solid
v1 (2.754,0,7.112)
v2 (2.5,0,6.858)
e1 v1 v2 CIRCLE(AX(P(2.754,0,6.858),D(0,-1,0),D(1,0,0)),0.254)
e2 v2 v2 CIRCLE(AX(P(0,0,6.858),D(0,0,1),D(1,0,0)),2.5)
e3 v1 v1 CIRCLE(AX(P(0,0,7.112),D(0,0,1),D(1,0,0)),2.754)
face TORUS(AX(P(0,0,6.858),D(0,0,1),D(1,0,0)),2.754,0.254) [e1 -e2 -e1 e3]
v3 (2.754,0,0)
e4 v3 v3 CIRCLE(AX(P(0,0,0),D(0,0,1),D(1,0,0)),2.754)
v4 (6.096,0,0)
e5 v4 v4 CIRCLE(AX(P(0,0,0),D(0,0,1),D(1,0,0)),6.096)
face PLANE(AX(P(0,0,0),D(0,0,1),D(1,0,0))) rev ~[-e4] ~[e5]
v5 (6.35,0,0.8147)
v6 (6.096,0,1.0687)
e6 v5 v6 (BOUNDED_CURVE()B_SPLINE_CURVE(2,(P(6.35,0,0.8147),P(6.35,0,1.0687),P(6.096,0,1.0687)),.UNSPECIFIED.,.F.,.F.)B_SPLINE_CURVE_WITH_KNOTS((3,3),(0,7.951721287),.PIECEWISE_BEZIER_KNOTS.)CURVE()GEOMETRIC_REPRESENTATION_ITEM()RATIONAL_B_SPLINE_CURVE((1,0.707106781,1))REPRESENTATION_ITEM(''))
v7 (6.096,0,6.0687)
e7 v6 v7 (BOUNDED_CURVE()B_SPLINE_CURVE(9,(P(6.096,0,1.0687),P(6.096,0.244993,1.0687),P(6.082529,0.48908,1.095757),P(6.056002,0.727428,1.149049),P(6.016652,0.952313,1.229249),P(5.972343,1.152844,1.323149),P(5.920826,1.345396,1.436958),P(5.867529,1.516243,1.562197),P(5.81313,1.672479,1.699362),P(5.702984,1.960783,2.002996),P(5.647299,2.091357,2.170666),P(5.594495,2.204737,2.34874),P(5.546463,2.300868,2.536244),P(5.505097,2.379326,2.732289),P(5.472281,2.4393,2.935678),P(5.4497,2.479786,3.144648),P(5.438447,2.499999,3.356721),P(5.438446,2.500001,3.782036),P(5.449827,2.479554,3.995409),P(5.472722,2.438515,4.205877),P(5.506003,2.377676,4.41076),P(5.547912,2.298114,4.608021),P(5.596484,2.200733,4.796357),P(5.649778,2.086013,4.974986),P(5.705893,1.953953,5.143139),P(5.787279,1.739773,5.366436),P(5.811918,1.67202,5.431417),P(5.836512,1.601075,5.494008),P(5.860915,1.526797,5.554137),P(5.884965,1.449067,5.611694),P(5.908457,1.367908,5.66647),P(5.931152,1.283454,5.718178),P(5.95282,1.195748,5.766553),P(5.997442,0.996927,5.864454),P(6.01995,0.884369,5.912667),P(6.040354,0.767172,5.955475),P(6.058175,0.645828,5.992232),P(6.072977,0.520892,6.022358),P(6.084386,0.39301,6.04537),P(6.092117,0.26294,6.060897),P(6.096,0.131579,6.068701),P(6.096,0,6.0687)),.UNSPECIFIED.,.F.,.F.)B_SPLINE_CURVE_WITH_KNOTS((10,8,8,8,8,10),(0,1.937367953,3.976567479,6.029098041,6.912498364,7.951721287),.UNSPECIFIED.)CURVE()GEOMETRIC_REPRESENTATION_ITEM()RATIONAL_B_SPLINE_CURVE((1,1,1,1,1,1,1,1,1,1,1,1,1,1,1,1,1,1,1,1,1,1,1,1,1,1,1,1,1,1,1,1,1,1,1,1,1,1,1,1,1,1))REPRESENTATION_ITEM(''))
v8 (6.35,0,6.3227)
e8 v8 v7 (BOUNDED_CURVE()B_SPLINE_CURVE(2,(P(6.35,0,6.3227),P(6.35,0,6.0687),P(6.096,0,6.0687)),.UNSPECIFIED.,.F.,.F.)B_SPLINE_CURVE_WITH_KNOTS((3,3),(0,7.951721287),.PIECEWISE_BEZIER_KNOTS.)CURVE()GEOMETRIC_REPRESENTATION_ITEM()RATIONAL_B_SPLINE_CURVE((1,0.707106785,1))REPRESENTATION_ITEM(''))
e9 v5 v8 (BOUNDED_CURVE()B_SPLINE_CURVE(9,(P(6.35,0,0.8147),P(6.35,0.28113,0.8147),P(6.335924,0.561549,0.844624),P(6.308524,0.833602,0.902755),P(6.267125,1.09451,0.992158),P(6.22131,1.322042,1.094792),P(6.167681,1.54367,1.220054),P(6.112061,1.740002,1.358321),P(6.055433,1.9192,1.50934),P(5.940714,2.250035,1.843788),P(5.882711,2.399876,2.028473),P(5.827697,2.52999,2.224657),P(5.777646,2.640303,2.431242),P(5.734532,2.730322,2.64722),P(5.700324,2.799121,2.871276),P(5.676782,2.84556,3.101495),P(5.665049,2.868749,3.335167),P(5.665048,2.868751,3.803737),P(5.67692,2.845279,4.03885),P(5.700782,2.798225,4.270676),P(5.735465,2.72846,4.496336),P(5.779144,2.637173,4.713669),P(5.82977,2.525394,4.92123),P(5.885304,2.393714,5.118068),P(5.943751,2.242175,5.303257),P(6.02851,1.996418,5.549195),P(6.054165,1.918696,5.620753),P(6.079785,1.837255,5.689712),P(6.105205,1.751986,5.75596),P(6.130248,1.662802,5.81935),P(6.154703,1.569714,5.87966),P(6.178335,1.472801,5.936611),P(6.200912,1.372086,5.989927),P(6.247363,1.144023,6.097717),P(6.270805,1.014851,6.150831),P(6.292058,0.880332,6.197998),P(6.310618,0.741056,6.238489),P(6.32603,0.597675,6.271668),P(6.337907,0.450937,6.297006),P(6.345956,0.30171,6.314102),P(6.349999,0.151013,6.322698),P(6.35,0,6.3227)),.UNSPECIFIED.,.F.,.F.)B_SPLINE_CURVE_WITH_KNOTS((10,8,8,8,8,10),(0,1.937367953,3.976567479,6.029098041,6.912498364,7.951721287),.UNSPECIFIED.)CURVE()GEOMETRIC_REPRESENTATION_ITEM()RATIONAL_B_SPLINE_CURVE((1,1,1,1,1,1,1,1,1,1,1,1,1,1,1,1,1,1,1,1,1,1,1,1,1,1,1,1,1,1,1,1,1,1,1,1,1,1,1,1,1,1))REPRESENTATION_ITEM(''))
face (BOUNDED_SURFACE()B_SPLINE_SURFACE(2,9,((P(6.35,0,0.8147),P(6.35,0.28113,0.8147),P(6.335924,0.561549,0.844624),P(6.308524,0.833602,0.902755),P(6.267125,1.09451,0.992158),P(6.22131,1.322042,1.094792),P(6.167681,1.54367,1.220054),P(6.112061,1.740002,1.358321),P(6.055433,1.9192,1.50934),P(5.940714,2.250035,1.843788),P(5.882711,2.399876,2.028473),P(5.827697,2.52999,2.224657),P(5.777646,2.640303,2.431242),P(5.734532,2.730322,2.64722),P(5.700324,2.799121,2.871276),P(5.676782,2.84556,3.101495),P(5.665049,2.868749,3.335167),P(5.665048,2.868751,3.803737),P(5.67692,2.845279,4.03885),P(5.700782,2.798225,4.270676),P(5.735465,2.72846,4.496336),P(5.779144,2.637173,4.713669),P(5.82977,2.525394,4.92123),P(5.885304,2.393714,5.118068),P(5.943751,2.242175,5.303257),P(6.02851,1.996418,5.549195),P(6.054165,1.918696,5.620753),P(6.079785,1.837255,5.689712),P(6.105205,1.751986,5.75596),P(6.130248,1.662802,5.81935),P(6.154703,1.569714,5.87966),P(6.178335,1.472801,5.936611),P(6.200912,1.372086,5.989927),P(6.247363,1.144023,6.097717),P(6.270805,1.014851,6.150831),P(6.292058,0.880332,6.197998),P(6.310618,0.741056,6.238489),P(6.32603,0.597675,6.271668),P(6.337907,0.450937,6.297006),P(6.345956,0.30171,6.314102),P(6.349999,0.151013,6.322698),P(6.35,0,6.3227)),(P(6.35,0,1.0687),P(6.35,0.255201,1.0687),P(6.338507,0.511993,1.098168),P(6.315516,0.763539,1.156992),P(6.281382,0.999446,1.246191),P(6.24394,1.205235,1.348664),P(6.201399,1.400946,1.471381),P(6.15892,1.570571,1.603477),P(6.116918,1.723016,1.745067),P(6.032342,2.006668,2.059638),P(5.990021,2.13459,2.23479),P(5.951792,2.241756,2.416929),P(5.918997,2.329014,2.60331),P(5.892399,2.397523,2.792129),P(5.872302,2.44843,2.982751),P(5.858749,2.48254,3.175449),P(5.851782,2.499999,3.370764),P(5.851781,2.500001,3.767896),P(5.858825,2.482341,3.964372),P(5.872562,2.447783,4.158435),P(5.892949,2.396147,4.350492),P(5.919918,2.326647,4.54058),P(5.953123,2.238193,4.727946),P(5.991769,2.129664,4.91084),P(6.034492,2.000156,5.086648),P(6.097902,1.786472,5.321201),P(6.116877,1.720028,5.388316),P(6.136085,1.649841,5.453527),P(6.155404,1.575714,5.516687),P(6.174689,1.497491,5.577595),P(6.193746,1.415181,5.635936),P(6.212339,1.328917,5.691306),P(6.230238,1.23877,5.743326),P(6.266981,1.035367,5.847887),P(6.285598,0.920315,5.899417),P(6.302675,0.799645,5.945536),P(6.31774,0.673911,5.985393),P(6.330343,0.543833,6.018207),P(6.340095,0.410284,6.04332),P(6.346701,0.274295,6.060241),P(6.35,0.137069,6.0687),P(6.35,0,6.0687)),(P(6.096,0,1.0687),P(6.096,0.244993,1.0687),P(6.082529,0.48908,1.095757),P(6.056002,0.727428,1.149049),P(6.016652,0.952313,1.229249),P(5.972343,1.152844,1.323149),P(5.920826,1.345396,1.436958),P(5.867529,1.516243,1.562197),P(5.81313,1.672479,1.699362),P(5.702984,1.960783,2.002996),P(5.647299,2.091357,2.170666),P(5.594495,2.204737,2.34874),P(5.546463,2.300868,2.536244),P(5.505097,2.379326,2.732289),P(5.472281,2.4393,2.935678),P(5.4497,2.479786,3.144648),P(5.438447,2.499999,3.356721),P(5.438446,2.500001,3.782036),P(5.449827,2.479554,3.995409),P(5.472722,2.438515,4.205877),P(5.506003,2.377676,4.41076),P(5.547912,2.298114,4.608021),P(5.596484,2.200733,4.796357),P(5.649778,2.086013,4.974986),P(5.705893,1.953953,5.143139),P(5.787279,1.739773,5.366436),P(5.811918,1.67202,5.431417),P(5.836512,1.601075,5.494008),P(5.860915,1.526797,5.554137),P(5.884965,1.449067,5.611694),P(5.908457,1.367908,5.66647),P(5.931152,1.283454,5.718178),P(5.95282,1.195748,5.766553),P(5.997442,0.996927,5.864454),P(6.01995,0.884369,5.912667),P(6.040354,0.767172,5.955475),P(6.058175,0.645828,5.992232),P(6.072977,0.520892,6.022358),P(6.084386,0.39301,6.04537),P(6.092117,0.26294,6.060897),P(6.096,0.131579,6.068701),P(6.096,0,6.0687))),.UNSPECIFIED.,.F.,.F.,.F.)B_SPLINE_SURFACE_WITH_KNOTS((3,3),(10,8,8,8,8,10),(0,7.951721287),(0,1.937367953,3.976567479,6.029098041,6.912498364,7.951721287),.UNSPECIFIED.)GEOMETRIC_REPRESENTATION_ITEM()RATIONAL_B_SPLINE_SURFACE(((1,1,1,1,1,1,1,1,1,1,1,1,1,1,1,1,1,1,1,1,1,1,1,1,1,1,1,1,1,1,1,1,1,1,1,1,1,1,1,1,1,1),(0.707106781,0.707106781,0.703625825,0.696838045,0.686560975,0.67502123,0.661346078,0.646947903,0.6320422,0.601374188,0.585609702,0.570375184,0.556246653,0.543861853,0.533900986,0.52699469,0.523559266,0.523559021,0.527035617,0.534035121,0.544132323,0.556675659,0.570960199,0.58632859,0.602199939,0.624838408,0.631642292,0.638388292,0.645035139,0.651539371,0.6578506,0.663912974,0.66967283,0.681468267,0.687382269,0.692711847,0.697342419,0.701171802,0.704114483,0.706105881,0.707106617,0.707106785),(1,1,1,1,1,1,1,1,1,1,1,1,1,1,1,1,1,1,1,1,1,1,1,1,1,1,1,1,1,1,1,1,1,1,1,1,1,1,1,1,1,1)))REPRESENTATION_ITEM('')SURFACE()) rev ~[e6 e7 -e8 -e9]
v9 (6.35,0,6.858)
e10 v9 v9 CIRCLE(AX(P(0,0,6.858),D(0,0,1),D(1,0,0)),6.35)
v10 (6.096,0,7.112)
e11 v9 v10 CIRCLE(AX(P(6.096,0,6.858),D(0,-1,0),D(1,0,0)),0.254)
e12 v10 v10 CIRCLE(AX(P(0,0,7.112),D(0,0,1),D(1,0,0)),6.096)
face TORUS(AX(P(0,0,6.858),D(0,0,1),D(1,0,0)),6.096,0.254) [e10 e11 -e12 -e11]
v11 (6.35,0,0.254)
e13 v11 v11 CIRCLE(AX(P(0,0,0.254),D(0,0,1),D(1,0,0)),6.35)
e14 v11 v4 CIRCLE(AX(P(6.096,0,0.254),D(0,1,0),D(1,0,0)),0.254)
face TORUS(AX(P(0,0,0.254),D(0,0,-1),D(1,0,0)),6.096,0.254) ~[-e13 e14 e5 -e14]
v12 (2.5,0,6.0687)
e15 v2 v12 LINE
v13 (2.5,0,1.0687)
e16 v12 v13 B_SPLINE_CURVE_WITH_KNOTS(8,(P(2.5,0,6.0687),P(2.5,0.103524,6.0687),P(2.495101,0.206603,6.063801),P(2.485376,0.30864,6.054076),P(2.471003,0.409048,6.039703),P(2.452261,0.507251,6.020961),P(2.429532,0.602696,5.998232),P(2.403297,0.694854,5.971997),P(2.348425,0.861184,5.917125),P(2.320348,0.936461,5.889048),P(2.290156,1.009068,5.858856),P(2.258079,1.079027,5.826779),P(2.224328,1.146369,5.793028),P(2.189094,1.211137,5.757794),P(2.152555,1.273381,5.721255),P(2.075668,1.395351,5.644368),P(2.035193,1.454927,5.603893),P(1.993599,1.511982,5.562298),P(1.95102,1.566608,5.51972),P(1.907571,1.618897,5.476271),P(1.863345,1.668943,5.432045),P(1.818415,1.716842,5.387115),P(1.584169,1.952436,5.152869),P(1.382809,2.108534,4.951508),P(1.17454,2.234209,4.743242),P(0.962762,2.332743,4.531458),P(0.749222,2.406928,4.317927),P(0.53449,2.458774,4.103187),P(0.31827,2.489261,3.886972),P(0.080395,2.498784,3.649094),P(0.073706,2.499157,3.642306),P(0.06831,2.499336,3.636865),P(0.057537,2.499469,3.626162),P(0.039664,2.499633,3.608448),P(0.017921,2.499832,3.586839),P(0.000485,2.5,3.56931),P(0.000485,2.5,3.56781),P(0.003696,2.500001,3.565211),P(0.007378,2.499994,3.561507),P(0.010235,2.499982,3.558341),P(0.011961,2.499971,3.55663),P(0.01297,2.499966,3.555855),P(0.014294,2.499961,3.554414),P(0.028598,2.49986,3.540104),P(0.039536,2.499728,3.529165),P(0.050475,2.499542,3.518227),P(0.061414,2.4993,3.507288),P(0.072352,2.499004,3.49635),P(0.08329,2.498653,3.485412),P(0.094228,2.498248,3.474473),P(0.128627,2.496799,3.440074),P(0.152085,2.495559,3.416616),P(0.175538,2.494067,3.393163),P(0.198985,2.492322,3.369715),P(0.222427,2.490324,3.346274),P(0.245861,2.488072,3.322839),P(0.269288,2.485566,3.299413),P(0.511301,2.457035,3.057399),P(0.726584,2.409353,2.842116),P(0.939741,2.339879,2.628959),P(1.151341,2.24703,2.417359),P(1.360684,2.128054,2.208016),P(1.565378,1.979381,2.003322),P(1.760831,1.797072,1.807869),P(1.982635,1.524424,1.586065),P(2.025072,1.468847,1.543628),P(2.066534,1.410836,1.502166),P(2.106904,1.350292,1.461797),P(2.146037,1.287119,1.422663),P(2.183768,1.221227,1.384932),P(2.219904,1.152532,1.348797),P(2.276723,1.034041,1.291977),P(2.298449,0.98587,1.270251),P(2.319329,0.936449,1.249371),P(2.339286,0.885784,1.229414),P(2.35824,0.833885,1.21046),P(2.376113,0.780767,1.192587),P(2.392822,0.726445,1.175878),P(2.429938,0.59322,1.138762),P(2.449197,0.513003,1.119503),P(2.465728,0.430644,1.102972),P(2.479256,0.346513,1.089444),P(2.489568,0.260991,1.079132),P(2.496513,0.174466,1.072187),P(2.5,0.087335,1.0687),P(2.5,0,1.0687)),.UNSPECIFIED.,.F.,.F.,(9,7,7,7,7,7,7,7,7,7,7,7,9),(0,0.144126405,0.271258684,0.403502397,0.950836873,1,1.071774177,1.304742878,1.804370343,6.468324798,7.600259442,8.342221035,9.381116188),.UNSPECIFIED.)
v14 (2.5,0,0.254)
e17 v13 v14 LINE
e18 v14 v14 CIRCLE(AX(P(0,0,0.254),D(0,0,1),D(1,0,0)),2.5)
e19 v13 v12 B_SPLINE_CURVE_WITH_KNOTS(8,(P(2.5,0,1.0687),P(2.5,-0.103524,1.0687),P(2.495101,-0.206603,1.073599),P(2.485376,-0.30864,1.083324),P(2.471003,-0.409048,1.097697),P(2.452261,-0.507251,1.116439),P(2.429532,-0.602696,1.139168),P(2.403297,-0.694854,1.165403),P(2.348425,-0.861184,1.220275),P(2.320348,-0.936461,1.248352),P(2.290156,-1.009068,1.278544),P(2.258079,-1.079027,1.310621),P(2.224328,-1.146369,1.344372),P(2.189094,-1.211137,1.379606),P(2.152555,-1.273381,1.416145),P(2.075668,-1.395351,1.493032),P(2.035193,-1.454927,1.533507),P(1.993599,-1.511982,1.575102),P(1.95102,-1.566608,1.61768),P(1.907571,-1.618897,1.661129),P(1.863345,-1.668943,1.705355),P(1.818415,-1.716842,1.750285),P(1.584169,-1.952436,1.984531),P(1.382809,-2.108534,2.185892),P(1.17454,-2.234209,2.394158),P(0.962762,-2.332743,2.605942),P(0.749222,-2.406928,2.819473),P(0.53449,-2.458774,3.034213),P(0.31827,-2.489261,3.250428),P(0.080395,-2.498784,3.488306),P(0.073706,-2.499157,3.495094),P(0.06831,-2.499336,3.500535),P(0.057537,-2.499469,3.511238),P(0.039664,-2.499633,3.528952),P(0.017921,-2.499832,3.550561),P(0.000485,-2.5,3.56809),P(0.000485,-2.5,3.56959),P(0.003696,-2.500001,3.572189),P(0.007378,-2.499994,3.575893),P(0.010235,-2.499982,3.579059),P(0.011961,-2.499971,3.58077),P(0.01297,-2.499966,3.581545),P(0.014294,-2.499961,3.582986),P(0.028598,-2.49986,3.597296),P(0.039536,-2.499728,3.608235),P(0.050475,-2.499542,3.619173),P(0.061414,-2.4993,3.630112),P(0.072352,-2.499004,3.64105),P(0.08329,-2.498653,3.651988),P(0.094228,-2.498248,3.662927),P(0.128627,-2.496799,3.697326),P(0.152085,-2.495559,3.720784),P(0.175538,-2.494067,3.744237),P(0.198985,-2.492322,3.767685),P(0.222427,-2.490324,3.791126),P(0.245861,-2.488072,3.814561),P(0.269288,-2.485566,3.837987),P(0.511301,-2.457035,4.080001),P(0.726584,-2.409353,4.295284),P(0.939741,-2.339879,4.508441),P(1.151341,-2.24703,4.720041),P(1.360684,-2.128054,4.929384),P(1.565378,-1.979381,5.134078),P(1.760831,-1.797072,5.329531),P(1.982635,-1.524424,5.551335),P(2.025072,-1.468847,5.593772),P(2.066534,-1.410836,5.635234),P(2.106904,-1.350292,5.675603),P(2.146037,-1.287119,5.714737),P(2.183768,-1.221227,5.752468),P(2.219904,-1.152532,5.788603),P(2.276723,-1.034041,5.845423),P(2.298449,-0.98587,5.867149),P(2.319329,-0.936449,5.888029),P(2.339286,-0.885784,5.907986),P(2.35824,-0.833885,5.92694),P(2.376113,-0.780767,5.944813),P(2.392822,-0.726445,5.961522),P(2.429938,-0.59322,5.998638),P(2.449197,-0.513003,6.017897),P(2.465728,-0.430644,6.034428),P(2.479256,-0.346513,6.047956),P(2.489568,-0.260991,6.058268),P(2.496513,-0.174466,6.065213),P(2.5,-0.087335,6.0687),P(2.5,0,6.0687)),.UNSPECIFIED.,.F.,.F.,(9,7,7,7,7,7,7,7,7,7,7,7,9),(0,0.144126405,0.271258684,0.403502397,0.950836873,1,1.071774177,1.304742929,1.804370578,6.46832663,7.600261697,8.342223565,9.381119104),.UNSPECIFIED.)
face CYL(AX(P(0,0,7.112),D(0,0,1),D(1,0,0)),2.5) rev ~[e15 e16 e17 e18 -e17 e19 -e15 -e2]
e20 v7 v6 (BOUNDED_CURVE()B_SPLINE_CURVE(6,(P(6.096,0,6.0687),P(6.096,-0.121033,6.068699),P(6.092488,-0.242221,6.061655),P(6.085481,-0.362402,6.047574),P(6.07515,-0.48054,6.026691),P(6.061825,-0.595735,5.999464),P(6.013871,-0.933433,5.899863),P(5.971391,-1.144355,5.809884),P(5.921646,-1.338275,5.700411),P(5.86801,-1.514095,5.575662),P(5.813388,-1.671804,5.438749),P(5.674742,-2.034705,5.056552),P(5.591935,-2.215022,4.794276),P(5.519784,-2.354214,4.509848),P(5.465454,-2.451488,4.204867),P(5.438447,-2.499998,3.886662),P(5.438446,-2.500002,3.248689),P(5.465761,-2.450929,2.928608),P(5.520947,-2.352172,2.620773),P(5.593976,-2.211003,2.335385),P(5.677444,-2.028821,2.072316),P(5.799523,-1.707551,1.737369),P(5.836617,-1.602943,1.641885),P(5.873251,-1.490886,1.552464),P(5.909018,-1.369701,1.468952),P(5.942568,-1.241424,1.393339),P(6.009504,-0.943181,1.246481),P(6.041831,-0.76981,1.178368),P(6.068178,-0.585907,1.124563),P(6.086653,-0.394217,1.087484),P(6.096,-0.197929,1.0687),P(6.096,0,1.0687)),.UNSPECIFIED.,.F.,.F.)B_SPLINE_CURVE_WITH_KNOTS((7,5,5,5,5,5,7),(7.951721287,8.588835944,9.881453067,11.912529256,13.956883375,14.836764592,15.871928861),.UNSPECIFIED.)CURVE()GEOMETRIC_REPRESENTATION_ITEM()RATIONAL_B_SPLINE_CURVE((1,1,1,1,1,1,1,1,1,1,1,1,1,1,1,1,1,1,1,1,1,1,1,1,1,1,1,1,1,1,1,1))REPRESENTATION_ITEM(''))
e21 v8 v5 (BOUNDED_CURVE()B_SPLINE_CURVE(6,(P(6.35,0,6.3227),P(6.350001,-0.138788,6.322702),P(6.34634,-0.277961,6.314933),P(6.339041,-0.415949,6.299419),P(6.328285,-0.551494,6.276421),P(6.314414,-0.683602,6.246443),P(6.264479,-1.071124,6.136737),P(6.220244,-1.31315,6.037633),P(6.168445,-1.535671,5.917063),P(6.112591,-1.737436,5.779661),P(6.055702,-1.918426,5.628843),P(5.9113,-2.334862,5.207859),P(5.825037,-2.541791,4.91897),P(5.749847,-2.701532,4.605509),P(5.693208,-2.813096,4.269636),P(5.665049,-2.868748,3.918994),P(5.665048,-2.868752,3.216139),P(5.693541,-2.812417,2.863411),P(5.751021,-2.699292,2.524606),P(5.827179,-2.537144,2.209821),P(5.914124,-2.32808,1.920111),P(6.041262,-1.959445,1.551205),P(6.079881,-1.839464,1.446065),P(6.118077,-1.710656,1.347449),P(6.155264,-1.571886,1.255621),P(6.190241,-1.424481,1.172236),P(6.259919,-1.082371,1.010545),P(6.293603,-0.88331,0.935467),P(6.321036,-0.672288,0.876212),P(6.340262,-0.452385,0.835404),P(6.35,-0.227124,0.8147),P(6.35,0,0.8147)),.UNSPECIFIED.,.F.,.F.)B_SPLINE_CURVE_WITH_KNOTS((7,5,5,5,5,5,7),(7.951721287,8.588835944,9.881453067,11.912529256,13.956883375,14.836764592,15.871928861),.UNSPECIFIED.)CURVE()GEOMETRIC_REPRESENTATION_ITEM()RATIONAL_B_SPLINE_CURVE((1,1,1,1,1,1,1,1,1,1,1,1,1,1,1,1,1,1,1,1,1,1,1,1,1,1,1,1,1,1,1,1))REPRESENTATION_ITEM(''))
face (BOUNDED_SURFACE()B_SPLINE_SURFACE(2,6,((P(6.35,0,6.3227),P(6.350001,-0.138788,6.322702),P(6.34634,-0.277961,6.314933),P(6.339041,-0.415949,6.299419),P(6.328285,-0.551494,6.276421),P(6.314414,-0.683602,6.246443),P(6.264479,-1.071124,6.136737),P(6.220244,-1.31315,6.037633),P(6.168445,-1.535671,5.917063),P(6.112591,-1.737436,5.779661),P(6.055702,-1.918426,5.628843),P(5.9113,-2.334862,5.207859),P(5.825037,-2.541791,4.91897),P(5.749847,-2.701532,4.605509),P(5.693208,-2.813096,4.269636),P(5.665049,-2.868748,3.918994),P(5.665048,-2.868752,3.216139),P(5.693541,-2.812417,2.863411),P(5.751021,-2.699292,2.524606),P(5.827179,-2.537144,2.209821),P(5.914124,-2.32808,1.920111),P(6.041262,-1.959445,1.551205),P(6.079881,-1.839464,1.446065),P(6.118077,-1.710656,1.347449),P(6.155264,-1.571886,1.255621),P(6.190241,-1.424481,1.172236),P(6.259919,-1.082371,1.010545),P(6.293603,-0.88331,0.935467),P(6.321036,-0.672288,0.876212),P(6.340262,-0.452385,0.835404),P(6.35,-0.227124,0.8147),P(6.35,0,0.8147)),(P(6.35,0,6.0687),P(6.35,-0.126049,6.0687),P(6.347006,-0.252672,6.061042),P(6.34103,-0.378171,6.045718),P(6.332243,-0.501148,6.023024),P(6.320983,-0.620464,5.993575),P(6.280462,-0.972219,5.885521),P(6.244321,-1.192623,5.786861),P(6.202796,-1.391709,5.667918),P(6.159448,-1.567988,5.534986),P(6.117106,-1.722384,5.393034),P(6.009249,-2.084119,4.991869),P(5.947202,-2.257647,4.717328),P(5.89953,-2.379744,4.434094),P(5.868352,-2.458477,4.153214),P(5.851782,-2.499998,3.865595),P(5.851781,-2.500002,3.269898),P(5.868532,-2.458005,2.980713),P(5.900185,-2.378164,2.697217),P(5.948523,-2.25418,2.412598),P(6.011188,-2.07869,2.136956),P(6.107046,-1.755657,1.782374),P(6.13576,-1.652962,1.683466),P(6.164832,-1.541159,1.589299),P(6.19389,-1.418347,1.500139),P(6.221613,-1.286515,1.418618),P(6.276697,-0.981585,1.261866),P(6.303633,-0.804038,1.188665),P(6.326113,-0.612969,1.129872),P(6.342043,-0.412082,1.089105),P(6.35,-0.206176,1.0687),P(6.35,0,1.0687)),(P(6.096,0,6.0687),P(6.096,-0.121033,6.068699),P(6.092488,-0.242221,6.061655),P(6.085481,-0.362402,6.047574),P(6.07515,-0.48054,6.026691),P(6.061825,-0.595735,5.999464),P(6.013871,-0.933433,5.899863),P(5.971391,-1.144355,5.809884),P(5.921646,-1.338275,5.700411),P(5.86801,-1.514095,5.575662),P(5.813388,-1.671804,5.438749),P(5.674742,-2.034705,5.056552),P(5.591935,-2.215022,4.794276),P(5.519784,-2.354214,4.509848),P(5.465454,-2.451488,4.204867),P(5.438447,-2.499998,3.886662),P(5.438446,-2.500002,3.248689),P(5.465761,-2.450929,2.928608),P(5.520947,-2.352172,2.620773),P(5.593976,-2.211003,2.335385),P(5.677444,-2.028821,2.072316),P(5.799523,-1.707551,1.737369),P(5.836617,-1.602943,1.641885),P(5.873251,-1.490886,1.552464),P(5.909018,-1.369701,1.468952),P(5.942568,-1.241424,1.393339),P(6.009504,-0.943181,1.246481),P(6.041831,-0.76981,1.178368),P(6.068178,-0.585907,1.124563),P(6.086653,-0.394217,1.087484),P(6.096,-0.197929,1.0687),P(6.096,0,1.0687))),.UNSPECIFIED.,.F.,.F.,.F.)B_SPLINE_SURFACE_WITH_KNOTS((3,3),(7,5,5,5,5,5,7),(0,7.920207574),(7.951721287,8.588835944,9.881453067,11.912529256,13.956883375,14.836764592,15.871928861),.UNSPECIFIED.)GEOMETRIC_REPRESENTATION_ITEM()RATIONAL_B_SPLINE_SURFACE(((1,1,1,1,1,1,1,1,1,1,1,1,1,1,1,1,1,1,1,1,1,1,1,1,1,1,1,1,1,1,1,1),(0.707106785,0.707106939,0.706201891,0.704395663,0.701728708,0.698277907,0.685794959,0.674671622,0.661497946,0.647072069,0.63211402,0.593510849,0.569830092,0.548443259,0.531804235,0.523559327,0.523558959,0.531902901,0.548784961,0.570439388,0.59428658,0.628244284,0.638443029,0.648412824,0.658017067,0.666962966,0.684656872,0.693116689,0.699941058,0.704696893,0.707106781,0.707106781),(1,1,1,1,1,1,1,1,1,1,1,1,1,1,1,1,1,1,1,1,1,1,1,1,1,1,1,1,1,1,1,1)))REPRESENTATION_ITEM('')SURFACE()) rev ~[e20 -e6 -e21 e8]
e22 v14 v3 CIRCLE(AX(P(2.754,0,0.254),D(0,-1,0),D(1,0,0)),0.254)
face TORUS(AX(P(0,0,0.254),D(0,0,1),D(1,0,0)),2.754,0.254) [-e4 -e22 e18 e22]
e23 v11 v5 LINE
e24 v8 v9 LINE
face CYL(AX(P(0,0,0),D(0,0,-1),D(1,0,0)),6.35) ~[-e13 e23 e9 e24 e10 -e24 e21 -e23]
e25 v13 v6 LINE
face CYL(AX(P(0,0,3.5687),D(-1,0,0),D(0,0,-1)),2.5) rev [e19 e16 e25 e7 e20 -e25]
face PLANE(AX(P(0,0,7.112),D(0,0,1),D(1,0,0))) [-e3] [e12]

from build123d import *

# Parameters (mm, degrees)
SKETCH2_R           = 6.35
BOSS_EXTRUDE1_DEPTH = 7.112
SKETCH3_R           = 2.5
CUT_EXTRUDE1_DEPTH  = 19.05
SKETCH4_R           = 2.499999953
CUT_EXTRUDE2_DEPTH  = 19.05
FILLET1_R           = 0.254


with BuildPart() as part:
    # Sketch2 → Boss-Extrude1 (new body)
    with BuildSketch(Plane.XY):
        Circle(SKETCH2_R)
    extrude(amount=BOSS_EXTRUDE1_DEPTH)

    # Sketch3 → Cut-Extrude1 (cut)
    with BuildSketch(Plane.XY.offset(7.112)):
        Circle(SKETCH3_R)
    extrude(amount=-CUT_EXTRUDE1_DEPTH, mode=Mode.SUBTRACT)

    # Sketch4 → Cut-Extrude2 (cut)
    with BuildSketch(Plane(origin=(0, 0, 0), x_dir=(0, 0, -1), z_dir=(1, 0, 0))):
        with Locations((-3.5687, 0)):
            Circle(SKETCH4_R)
    extrude(amount=CUT_EXTRUDE2_DEPTH, mode=Mode.SUBTRACT)

    # Fillet1
    fillet1_edges = [part.edges().sort_by_distance(p)[0] for p in [
        (5.837165428, 2.499999953, 3.5687),
        (-6.35, 0, 0),
        (-6.35, 0, 7.112),
        (-2.5, 0, 0),
        (-2.5, 0, 7.112),
    ]]
    fillet(fillet1_edges, radius=FILLET1_R)


solid = part.part
